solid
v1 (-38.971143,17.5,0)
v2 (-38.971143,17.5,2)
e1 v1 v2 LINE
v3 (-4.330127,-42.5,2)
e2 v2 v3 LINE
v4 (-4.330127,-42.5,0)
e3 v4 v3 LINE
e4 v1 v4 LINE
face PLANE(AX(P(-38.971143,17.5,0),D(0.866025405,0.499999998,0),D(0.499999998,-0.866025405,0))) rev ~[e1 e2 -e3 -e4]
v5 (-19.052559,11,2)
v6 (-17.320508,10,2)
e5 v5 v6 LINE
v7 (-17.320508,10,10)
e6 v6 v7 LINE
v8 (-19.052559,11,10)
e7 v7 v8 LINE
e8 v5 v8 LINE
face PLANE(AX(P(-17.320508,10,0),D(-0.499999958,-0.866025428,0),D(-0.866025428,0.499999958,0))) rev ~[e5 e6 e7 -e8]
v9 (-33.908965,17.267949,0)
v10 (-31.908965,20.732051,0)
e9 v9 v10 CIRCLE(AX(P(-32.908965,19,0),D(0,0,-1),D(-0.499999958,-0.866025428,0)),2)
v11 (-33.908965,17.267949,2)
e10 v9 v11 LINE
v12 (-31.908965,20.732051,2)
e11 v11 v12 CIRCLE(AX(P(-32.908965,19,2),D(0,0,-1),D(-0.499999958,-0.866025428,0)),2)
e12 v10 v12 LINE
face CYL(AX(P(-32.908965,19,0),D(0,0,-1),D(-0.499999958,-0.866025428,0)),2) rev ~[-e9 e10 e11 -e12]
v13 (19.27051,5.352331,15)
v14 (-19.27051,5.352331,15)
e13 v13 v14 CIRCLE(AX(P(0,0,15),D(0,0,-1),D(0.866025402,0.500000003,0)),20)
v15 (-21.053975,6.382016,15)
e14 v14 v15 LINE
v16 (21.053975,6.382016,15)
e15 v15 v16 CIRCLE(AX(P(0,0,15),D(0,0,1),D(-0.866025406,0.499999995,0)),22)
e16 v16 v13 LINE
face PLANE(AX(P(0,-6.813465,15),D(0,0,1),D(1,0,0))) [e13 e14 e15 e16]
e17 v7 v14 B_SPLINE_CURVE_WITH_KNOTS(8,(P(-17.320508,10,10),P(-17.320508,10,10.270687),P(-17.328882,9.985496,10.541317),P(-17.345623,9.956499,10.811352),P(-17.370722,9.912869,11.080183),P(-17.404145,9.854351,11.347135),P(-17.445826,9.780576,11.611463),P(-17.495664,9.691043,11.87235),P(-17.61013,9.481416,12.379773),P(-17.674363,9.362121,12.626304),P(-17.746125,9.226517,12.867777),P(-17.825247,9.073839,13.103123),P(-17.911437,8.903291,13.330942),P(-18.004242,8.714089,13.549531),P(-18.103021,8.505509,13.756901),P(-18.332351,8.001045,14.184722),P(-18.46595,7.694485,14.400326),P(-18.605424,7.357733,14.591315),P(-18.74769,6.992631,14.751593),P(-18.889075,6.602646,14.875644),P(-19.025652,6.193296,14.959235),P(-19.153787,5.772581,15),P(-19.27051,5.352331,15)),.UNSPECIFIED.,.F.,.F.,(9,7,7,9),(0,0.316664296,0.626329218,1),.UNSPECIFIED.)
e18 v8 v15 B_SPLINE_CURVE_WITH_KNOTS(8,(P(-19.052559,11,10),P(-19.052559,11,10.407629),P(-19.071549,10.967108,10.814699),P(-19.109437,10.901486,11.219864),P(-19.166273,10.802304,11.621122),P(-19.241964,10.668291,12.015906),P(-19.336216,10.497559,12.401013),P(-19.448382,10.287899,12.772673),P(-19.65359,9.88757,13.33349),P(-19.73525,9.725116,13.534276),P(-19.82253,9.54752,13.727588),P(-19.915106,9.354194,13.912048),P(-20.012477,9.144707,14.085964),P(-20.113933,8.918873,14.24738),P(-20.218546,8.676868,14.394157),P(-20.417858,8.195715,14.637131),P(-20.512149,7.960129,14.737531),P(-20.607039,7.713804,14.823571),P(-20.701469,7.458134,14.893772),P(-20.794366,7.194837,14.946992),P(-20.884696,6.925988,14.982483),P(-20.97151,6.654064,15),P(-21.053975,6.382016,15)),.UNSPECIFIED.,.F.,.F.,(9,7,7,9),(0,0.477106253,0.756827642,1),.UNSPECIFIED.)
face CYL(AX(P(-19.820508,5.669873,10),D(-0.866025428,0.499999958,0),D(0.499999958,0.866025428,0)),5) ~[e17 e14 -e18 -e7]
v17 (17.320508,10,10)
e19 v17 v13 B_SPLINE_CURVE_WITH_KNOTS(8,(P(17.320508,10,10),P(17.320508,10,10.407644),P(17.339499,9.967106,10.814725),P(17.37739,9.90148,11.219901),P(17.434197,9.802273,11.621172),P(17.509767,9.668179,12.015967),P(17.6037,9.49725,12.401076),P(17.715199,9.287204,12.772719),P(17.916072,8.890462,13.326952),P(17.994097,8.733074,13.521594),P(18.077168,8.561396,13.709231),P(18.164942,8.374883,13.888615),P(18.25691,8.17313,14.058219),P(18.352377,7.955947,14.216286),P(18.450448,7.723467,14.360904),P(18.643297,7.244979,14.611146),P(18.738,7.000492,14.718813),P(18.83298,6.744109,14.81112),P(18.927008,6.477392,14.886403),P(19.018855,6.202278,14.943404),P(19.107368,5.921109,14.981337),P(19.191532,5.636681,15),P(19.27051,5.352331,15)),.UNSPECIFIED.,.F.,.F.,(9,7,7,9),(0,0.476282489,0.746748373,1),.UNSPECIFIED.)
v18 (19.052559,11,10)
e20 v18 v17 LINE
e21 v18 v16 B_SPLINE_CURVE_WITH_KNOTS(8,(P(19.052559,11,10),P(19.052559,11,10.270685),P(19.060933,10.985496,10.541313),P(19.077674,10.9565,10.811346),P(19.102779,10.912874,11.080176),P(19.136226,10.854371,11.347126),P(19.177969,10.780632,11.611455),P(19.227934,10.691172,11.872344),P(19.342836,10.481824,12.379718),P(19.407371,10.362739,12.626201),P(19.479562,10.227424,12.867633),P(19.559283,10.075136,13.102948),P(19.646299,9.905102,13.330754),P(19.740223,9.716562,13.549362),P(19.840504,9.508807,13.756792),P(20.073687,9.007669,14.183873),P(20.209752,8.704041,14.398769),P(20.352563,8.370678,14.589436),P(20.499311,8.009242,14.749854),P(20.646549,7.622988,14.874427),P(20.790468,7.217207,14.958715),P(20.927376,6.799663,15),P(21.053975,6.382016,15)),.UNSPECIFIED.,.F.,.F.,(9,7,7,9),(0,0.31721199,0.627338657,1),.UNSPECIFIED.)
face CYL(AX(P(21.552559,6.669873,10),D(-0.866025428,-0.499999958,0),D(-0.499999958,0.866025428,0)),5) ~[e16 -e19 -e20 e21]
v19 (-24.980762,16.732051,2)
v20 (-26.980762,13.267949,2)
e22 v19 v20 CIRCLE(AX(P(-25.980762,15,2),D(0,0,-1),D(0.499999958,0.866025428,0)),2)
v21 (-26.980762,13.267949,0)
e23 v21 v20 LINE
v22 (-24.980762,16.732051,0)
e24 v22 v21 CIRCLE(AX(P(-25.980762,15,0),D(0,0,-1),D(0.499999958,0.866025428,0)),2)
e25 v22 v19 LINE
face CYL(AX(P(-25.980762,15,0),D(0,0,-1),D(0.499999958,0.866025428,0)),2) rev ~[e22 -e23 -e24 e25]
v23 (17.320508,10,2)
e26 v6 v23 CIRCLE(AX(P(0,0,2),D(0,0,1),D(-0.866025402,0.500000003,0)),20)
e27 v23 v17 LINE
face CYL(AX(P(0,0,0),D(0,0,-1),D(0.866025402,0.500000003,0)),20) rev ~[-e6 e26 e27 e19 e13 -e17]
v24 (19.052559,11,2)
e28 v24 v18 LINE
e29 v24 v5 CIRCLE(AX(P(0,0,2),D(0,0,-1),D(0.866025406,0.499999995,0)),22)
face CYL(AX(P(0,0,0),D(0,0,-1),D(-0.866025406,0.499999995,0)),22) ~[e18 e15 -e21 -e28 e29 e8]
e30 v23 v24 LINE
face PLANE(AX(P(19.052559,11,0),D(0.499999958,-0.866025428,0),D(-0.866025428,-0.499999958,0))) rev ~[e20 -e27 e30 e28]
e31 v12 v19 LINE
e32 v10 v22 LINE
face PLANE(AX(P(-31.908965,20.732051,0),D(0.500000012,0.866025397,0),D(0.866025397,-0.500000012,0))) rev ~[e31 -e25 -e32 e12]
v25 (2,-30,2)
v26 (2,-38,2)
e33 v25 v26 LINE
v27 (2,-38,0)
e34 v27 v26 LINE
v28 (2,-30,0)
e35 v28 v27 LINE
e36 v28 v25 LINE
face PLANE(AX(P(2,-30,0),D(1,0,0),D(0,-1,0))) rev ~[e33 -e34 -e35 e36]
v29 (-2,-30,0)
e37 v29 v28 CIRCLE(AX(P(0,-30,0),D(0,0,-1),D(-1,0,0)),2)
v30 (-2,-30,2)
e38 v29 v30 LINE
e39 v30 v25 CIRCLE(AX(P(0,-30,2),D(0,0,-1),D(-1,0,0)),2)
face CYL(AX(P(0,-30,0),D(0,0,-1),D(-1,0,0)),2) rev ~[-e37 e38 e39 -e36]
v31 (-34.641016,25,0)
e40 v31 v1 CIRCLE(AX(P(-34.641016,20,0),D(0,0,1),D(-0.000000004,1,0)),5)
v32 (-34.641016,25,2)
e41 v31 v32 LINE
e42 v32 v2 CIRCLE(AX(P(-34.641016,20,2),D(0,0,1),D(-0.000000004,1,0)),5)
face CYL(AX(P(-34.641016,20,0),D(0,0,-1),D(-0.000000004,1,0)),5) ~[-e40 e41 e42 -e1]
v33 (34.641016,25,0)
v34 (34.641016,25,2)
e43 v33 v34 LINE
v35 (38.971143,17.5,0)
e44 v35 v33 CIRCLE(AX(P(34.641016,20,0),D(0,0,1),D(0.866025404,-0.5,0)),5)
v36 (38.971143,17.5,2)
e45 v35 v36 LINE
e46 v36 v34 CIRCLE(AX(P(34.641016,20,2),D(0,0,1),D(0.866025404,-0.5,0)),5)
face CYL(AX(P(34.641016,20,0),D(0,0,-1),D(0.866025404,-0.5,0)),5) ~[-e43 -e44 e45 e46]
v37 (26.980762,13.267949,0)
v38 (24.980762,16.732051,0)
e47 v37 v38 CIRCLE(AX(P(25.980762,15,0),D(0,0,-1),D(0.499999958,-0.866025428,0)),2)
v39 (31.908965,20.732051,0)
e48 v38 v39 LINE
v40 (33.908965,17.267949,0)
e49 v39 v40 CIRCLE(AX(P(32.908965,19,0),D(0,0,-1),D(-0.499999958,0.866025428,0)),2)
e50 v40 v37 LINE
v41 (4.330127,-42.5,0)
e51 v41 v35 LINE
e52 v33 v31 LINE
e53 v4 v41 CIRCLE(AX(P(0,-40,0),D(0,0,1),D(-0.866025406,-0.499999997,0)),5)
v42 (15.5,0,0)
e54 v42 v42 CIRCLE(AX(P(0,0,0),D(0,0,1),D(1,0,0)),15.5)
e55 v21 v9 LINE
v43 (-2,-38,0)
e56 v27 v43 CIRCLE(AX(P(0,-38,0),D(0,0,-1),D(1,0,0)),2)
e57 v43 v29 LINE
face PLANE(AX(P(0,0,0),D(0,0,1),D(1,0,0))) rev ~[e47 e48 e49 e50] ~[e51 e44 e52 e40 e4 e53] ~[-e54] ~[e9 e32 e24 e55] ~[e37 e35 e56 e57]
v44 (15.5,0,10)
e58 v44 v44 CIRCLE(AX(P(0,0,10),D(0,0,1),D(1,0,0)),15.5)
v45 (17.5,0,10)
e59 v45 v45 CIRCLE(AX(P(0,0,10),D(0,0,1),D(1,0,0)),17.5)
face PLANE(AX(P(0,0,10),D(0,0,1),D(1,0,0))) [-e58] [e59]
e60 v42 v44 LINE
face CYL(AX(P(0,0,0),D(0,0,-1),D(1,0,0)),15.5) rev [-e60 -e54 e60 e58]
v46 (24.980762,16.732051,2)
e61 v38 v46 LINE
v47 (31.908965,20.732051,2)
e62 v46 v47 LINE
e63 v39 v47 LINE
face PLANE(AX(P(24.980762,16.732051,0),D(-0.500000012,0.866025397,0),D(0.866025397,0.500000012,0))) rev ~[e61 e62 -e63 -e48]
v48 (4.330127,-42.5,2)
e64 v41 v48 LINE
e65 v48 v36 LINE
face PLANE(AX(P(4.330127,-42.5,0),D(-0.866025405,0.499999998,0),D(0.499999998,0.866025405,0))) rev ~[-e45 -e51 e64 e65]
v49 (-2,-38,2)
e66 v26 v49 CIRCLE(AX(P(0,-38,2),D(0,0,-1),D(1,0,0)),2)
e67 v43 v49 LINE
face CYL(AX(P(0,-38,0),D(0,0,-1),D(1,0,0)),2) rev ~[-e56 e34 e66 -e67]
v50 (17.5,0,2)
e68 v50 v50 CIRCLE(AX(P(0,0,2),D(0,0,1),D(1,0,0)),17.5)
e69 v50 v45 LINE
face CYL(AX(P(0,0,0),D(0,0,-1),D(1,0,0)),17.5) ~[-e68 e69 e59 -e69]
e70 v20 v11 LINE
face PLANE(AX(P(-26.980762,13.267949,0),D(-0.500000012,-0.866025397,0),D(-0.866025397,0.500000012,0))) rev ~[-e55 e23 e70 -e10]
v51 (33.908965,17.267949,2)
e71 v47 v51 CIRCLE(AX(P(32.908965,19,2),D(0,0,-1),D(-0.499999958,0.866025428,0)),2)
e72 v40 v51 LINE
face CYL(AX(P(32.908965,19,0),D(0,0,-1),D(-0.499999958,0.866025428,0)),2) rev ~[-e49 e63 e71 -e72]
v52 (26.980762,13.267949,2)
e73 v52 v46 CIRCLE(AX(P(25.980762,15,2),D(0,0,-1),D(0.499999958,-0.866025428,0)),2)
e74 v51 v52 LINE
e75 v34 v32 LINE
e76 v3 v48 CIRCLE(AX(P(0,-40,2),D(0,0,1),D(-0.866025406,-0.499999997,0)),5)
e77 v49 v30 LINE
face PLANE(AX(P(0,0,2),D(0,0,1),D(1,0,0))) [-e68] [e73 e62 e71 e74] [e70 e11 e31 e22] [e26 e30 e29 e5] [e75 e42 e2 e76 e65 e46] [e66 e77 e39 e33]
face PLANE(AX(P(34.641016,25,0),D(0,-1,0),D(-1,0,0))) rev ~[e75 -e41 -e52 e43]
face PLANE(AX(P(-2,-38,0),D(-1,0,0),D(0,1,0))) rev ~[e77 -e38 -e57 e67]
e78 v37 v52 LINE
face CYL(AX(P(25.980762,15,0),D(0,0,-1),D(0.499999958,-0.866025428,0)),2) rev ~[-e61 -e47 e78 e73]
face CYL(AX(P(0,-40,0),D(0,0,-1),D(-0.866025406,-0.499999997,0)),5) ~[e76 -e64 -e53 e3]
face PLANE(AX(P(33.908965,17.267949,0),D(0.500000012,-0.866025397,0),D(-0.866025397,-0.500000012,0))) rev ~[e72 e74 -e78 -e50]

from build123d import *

# Parameters (mm, degrees)
F0_R     = 17.5
F1_DEPTH = 2
F2_DEPTH = 15
F0_R_2   = 15.5
F3_DEPTH = 10
F4_R     = 5


with BuildPart() as f1:
    # F0 (on Top) → F1 (new body)
    with BuildSketch(Plane.XY):
        with BuildLine():
            Line((34.641016, 25), (-34.641016, 25))
            ThreePointArc((-34.641016, 25), (-38.971143, 22.5), (-38.971143, 17.5))
            Line((-38.971143, 17.5), (-4.330127, -42.5))
            ThreePointArc((-4.330127, -42.5), (0, -45), (4.330127, -42.5))
            Line((4.330127, -42.5), (38.971143, 17.5))
            ThreePointArc((38.971143, 17.5), (38.971143, 22.5), (34.641016, 25))
        make_face()
        with BuildLine():
            ThreePointArc((2, -38), (0, -40), (-2, -38))
            Line((-2, -38), (-2, -30))
            ThreePointArc((-2, -30), (0, -28), (2, -30))
            Line((2, -30), (2, -38))
        make_face(mode=Mode.SUBTRACT)
        with BuildLine():
            ThreePointArc((-33.908965, 17.267949), (-34.641016, 20), (-31.908965, 20.732051))
            Line((-31.908965, 20.732051), (-24.980762, 16.732051))
            ThreePointArc((-24.980762, 16.732051), (-24.248711, 14), (-26.980762, 13.267949))
            Line((-26.980762, 13.267949), (-33.908965, 17.267949))
        make_face(mode=Mode.SUBTRACT)
        with BuildLine():
            Line((-19.052559, 11), (-17.320508, 10))
            ThreePointArc((-17.320508, 10), (0, -20), (17.320508, 10))
            Line((17.320508, 10), (19.052559, 11))
            ThreePointArc((19.052559, 11), (0, -22), (-19.052559, 11))
        make_face(mode=Mode.SUBTRACT)
        Circle(F0_R, mode=Mode.SUBTRACT)
        with BuildLine():
            ThreePointArc((31.908965, 20.732051), (34.641016, 20), (33.908965, 17.267949))
            Line((33.908965, 17.267949), (26.980762, 13.267949))
            ThreePointArc((26.980762, 13.267949), (24.248711, 14), (24.980762, 16.732051))
            Line((24.980762, 16.732051), (31.908965, 20.732051))
        make_face(mode=Mode.SUBTRACT)
    extrude(amount=F1_DEPTH)

    # F0 (on Top) → F2 (join)
    with BuildSketch(Plane.XY):
        with BuildLine():
            ThreePointArc((17.320508, 10), (0, -20), (-17.320508, 10))
            Line((-17.320508, 10), (-19.052559, 11))
            ThreePointArc((-19.052559, 11), (0, -22), (19.052559, 11))
            Line((19.052559, 11), (17.320508, 10))
        make_face()
    extrude(amount=F2_DEPTH)

    # F0 (on Top) → F3 (join)
    with BuildSketch(Plane.XY):
        Circle(F0_R)
        Circle(F0_R_2, mode=Mode.SUBTRACT)
    extrude(amount=F3_DEPTH)

    # F4
    f4_edges = [f1.edges().sort_by_distance(p)[0] for p in [
        (-18.186533, 10.5, 15),
        (18.186533, 10.5, 15),
    ]]
    fillet(f4_edges, radius=F4_R)


solid = f1.part
